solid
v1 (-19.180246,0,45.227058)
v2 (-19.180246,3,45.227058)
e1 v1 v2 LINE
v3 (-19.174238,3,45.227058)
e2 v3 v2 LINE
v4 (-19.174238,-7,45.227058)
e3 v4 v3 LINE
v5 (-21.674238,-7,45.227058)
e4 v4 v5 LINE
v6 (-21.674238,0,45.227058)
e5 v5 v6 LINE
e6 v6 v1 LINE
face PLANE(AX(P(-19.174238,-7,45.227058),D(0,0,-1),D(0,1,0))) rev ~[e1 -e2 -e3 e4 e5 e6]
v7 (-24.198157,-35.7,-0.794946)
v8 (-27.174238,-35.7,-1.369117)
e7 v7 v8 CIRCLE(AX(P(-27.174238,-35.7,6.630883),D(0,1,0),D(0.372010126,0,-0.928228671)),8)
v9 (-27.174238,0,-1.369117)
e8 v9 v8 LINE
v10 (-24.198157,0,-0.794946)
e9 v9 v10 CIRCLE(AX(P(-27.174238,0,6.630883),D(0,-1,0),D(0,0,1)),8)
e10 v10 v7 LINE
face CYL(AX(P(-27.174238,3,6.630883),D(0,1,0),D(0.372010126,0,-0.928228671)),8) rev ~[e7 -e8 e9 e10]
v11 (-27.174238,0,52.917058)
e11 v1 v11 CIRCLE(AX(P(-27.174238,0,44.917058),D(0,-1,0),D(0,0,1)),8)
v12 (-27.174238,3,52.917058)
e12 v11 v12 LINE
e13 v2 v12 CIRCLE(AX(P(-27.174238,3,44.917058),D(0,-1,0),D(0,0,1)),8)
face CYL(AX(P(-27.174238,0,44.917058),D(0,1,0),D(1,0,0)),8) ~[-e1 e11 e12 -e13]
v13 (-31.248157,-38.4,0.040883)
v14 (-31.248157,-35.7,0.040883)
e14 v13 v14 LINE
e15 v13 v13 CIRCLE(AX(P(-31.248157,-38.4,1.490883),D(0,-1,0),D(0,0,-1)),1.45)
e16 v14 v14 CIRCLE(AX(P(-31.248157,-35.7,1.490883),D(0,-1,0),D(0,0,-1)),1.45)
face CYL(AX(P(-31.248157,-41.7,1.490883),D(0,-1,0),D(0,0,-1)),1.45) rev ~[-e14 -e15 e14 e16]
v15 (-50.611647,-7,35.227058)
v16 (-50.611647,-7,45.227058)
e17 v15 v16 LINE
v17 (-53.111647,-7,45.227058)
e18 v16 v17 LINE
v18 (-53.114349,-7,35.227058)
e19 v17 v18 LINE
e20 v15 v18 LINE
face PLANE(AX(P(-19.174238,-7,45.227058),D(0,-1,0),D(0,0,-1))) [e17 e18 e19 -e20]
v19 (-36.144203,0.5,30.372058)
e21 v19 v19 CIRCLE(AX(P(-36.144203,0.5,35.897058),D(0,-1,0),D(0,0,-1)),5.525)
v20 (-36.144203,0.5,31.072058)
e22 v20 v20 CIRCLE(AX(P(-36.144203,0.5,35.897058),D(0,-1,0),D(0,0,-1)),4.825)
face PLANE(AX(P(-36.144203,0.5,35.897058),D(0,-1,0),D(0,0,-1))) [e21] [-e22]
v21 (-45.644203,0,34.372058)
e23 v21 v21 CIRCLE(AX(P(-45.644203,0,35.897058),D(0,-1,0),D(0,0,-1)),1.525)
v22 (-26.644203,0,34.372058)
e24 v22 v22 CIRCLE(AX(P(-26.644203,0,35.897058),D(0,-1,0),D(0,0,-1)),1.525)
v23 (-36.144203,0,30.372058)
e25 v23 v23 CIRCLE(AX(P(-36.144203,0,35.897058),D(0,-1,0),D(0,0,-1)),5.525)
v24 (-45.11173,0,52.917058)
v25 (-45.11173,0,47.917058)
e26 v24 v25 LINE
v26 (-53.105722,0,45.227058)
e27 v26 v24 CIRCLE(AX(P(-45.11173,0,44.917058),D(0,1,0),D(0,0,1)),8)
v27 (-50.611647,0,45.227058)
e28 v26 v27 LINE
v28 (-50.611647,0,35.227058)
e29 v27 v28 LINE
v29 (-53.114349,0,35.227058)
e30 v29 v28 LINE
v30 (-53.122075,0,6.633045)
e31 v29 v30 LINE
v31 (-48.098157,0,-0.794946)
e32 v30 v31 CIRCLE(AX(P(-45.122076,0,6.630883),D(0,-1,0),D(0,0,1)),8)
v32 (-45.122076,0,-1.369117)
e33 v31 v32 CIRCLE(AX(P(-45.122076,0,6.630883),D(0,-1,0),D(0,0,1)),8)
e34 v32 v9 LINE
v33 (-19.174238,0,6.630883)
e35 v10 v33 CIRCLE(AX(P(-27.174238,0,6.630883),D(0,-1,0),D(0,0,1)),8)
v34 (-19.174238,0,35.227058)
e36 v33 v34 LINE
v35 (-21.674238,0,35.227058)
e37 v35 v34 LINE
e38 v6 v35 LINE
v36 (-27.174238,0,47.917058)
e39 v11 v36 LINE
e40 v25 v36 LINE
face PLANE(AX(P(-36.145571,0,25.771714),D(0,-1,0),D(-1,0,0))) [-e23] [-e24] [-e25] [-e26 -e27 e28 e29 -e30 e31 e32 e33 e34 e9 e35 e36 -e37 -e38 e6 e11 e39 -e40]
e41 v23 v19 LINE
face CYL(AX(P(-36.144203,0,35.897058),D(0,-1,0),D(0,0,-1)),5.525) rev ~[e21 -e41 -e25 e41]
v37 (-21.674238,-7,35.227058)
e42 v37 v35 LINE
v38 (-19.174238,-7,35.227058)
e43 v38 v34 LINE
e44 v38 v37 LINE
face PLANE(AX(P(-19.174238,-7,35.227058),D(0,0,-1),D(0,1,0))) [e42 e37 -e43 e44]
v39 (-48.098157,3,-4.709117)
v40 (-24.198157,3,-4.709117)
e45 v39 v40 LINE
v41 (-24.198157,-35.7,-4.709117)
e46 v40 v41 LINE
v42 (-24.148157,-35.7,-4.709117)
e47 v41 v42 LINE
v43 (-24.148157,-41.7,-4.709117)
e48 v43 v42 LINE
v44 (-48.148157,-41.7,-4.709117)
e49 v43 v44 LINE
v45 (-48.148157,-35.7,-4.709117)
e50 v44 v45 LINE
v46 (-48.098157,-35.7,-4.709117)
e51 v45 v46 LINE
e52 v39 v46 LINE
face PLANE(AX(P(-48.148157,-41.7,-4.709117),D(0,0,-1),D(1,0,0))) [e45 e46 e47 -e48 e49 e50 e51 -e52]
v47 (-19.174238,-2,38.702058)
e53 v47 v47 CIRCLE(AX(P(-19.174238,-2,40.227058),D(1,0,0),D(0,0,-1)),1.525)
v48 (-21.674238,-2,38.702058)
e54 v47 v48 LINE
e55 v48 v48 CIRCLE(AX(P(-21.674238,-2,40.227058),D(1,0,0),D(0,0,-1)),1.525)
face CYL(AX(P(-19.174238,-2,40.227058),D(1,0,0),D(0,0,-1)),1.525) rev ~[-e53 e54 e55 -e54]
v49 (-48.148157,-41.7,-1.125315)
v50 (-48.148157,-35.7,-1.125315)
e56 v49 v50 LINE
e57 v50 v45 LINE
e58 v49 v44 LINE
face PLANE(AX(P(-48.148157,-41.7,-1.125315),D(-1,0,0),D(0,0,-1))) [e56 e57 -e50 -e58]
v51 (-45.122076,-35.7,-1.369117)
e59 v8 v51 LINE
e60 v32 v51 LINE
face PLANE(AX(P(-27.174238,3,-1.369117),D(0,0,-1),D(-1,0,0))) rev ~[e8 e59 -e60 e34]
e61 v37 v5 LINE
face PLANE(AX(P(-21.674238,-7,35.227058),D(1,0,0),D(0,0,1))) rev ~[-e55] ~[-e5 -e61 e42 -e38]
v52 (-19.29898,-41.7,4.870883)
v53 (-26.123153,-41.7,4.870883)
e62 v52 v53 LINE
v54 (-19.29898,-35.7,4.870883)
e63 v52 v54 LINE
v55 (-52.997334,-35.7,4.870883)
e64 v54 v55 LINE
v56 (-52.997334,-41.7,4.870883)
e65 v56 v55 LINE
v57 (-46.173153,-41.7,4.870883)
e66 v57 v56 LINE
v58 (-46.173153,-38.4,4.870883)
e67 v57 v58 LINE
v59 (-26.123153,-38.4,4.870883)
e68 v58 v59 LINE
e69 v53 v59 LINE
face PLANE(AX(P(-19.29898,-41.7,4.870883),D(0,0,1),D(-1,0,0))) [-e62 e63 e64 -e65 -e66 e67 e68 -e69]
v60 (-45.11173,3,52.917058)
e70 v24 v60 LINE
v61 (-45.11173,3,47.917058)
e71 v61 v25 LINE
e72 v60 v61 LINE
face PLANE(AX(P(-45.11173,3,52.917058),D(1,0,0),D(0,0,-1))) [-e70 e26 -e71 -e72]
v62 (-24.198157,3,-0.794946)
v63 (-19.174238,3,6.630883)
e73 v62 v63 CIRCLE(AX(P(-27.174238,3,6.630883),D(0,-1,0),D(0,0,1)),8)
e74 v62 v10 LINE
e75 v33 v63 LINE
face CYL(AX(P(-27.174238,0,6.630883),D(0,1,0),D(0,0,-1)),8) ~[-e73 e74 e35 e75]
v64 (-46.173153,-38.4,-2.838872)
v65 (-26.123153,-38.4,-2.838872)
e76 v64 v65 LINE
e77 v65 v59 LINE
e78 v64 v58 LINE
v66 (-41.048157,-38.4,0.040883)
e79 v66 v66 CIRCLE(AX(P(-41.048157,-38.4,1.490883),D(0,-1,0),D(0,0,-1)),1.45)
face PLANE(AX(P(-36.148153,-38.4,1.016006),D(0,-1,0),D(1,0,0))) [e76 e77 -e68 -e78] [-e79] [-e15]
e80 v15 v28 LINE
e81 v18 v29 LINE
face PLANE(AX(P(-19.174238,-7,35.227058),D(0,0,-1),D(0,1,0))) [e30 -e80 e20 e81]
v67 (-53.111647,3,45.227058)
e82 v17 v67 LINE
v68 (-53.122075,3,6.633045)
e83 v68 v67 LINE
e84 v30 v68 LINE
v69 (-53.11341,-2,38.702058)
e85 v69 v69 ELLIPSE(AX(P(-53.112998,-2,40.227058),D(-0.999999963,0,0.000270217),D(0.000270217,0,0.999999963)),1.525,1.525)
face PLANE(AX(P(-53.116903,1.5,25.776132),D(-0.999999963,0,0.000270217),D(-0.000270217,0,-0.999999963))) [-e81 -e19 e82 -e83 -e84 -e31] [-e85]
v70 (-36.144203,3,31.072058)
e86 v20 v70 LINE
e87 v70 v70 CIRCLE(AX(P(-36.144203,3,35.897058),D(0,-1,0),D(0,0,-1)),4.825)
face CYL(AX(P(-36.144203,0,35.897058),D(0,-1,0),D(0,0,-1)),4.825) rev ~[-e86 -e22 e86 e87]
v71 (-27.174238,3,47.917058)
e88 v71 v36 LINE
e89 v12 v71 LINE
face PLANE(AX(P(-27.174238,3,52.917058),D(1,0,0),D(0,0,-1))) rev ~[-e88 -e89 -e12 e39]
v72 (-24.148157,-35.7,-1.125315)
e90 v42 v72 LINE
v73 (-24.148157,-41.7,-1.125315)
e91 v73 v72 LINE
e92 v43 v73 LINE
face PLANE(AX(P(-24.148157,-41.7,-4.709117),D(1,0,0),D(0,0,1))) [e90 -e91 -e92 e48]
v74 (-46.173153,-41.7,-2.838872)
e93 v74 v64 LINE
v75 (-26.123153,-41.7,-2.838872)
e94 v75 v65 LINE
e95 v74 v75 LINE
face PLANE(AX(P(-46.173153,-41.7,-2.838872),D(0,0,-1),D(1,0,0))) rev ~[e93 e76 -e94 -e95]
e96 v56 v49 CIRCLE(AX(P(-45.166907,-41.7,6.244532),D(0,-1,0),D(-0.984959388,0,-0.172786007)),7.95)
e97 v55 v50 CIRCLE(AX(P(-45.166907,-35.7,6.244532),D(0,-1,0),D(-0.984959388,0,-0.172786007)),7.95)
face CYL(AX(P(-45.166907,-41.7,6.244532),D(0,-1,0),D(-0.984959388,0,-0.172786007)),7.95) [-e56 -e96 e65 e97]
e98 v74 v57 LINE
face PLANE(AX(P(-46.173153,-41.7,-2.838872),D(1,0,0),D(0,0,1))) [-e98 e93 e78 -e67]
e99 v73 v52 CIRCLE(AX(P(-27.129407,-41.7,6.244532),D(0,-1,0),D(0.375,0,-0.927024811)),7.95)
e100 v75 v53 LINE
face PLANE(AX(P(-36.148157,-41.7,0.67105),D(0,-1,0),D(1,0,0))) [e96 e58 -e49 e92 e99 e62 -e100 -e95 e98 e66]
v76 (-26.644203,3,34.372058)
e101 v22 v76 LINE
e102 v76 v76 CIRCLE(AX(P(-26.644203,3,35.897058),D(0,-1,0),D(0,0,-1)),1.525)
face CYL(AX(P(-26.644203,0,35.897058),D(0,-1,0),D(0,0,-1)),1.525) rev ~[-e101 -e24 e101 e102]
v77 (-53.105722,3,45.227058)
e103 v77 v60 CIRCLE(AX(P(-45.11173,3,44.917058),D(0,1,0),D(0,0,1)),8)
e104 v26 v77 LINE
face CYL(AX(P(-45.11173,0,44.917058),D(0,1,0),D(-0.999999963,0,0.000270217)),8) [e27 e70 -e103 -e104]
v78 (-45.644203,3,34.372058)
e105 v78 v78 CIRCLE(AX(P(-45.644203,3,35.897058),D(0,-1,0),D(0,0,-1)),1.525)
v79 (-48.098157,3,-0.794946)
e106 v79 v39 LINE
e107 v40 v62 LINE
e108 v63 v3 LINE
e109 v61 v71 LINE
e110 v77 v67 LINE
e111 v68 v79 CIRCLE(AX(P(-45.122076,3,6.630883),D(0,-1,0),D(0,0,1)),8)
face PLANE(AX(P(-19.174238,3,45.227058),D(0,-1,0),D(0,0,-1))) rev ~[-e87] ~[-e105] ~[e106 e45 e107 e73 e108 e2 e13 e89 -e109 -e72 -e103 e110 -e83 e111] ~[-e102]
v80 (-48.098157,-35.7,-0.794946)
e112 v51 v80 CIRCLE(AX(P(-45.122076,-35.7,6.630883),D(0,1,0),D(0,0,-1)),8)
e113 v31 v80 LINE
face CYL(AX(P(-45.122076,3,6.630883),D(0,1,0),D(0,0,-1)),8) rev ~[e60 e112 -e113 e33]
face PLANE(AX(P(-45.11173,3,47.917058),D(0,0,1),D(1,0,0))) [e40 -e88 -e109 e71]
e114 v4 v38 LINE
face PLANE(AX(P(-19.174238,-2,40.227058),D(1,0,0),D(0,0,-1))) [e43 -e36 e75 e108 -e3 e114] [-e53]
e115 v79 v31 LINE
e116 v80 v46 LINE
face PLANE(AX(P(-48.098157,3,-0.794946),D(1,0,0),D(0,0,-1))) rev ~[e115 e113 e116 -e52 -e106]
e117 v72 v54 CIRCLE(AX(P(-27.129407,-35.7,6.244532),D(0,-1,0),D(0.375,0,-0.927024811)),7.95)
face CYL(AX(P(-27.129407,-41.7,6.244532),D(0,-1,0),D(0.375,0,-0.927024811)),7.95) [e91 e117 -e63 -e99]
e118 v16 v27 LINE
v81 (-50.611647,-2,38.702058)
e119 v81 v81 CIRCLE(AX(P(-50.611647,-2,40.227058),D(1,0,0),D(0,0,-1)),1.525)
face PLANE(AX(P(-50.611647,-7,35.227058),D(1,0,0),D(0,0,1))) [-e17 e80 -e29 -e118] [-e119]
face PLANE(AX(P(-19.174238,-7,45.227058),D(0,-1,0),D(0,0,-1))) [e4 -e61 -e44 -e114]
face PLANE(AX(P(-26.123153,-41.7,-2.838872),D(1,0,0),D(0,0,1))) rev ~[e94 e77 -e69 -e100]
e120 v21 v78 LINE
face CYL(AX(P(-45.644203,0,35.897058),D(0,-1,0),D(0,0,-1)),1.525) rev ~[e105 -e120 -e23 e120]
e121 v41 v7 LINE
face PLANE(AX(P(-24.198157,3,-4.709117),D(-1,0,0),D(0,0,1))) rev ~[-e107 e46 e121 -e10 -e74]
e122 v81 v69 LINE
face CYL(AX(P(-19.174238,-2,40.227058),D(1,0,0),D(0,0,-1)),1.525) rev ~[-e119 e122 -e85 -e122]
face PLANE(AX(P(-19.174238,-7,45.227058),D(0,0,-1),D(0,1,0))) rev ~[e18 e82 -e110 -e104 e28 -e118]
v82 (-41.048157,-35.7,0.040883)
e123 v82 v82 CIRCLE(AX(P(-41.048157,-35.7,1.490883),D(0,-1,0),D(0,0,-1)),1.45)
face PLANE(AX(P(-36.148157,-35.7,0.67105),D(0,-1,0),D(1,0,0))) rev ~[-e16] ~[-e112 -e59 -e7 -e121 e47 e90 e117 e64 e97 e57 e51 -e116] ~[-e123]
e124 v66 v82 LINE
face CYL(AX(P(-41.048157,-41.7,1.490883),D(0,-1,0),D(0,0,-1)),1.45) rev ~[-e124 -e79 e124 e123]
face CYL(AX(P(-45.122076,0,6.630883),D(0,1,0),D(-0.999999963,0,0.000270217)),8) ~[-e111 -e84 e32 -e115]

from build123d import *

# Parameters (mm, degrees)
BOSS_EXTRUDE2_DEPTH = 3
FILLET2_R           = 8
BOSS_EXTRUDE3_DEPTH = 44.7
SKETCH4_R           = 1.45
BOSS_EXTRUDE4_DEPTH = 6
SKETCH5_W           = 20.05
SKETCH5_H           = 7.70975521
SKETCH5_R           = 1.45
CUT_EXTRUDE2_DEPTH  = 3.3
BOSS_EXTRUDE5_REACH = 77.442
SKETCH7_W           = 10
SKETCH7_H           = 10
SKETCH7_R           = 1.525
CUT_EXTRUDE3_REACH  = 84.621
SKETCH8_W           = 28.937408921
SKETCH8_H           = 10
SKETCH11_R          = 1.525
SKETCH11_R_2        = 4.825
CUT_EXTRUDE4_DEPTH  = 3
SKETCH12_R          = 5.525
CUT_EXTRUDE5_DEPTH  = 0.5
SKETCH14_W          = 17.937492396
SKETCH14_H          = 5
CUT_EXTRUDE6_DEPTH  = 3


with BuildPart() as part:
    # Sketch2 → Boss-Extrude2 (new body)
    with BuildSketch(Plane(origin=(0, 0, 0), x_dir=(1, 0, 0), z_dir=(0, 1, 0))):
        Polygon((-53.10956872, -52.91705805), (-53.124237768, 1.36911662), (-19.174237768, 1.36911662), (-19.174237768, -52.91705805), align=None)
    extrude(amount=BOSS_EXTRUDE2_DEPTH)

    # Fillet2
    fillet2_edges = [part.edges().sort_by_distance(p)[0] for p in [
        (-53.10956872, 1.5, 52.91705805),
        (-53.124237768, 1.5, -1.36911662),
        (-19.174237768, 1.5, -1.36911662),
        (-19.174237768, 1.5, 52.91705805),
    ]]
    fillet(fillet2_edges, radius=FILLET2_R)

    # Sketch3 → Boss-Extrude3 (add)
    with BuildSketch(Plane(origin=(0, 3, 0), x_dir=(1, 0, 0), z_dir=(0, 1, 0))):
        with BuildLine():
            Line((-48.098156754, 4.70911662), (-24.198156754, 4.70911662))
            Line((-24.198156754, 4.70911662), (-24.198156754, 0.794945988))
            ThreePointArc((-24.198156754, 0.794945988), (-25.658756812, 1.224262543), (-27.174237768, 1.36911662))
            Line((-27.174237768, 1.36911662), (-45.12207574, 1.36911662))
            ThreePointArc((-45.12207574, 1.36911662), (-46.637556696, 1.224262543), (-48.098156754, 0.794945988))
            Line((-48.098156754, 0.794945988), (-48.098156754, 4.70911662))
        make_face()
    extrude(amount=-BOSS_EXTRUDE3_DEPTH)

    # Sketch4 → Boss-Extrude4 (add)
    with BuildSketch(Plane.XZ.offset(41.7)):
        with BuildLine():
            Line((-48.148156754, -1.125315107), (-48.148156754, -4.70911662))
            Line((-48.148156754, -4.70911662), (-24.148156754, -4.70911662))
            Line((-24.148156754, -4.70911662), (-24.148156754, -1.125315107))
            ThreePointArc((-24.148156754, -1.125315107), (-20.947846297, 1.245451192), (-19.298979621, 4.87088338))
            Line((-19.298979621, 4.87088338), (-52.997333887, 4.87088338))
            ThreePointArc((-52.997333887, 4.87088338), (-51.348467211, 1.245451192), (-48.148156754, -1.125315107))
        make_face()
        with Locations(Location((-41.048156754, 1.49088338, 0), (0, 0, 270))):
            Circle(SKETCH4_R, mode=Mode.SUBTRACT)
        with Locations(Location((-31.248156754, 1.49088338, 0), (0, 0, 270))):
            Circle(SKETCH4_R, mode=Mode.SUBTRACT)
    extrude(amount=-BOSS_EXTRUDE4_DEPTH)

    # Sketch5 → Cut-Extrude2 (cut)
    with BuildSketch(Plane.XZ.offset(41.7)):
        with Locations((-36.148152634, 1.016005775)):
            Rectangle(SKETCH5_W, SKETCH5_H)
        with Locations(Location((-31.248156754, 1.49088338, 0), (0, 0, 270))):
            Circle(SKETCH5_R, mode=Mode.SUBTRACT)
        with Locations(Location((-41.048156754, 1.49088338, 0), (0, 0, 270))):
            Circle(SKETCH5_R, mode=Mode.SUBTRACT)
    extrude(amount=-CUT_EXTRUDE2_DEPTH, mode=Mode.SUBTRACT)

    # Boss-Extrude5: up to this face of the body (flat: up to its plane)
    boss_extrude5_end = Plane(part.part.faces().sort_by_distance((-53.11690266, 1.5, 25.776132451))[0])
    # Sketch7 → Boss-Extrude5 (add, up to the picked face)
    with BuildSketch(Plane(origin=(-19.174237768, 0, 0), x_dir=(0, 0, -1), z_dir=(1, 0, 0)), mode=Mode.PRIVATE) as boss_extrude5_sk1:
        with Locations((-40.22705805, -2)):
            Rectangle(SKETCH7_W, SKETCH7_H)
        with Locations((-40.22705805, -2)):
            Circle(SKETCH7_R, mode=Mode.SUBTRACT)
    boss_extrude5_tool1 = split(extrude(boss_extrude5_sk1.sketch, amount=-BOSS_EXTRUDE5_REACH, mode=Mode.PRIVATE), bisect_by=boss_extrude5_end, keep=Keep.BOTH, mode=Mode.PRIVATE)
    add(boss_extrude5_tool1.solids().sort_by(Axis((-19.174238, 2.858579, 40.227058), (-1, 0, 0)))[0])

    # Cut-Extrude3: up to this face of the body (flat: up to its plane)
    cut_extrude3_end = Plane(part.part.faces().sort_by_distance((-36.146613335, 0, 17.301528841))[0])
    # Sketch8 → Cut-Extrude3 (cut, up to the picked face)
    with BuildSketch(Plane.XZ.offset(7), mode=Mode.PRIVATE) as cut_extrude3_sk1:
        with Locations((-36.142942229, 40.22705805)):
            Rectangle(SKETCH8_W, SKETCH8_H)
    cut_extrude3_tool1 = split(extrude(cut_extrude3_sk1.sketch, amount=-CUT_EXTRUDE3_REACH, mode=Mode.PRIVATE), bisect_by=cut_extrude3_end, keep=Keep.BOTH, mode=Mode.PRIVATE)
    add(cut_extrude3_tool1.solids().sort_by(Axis((-36.142942, -7, 40.227058), (0, 1, 0)))[0], mode=Mode.SUBTRACT)

    # Sketch11 → Cut-Extrude4 (cut)
    with BuildSketch(Plane.XZ):
        with Locations(Location((-45.644202791, 35.897058093, 0), (0, 0, 270))):
            Circle(SKETCH11_R)
        with Locations(Location((-26.644202791, 35.897058093, 0), (0, 0, 270))):
            Circle(SKETCH11_R)
        with Locations(Location((-36.144202791, 35.897058093, 0), (0, 0, 270))):
            Circle(SKETCH11_R_2)
    extrude(amount=-CUT_EXTRUDE4_DEPTH, mode=Mode.SUBTRACT)

    # Sketch12 → Cut-Extrude5 (cut)
    with BuildSketch(Plane.XZ):
        with Locations(Location((-36.144202791, 35.897058093, 0), (0, 0, 270))):
            Circle(SKETCH12_R)
    extrude(amount=-CUT_EXTRUDE5_DEPTH, mode=Mode.SUBTRACT)

    # Sketch14 → Cut-Extrude6 (cut)
    with BuildSketch(Plane(origin=(0, 3, 0), x_dir=(1, 0, 0), z_dir=(0, 1, 0))):
        with Locations((-36.142983966, -50.41705805)):
            Rectangle(SKETCH14_W, SKETCH14_H)
    extrude(amount=-CUT_EXTRUDE6_DEPTH, mode=Mode.SUBTRACT)


solid = part.part
